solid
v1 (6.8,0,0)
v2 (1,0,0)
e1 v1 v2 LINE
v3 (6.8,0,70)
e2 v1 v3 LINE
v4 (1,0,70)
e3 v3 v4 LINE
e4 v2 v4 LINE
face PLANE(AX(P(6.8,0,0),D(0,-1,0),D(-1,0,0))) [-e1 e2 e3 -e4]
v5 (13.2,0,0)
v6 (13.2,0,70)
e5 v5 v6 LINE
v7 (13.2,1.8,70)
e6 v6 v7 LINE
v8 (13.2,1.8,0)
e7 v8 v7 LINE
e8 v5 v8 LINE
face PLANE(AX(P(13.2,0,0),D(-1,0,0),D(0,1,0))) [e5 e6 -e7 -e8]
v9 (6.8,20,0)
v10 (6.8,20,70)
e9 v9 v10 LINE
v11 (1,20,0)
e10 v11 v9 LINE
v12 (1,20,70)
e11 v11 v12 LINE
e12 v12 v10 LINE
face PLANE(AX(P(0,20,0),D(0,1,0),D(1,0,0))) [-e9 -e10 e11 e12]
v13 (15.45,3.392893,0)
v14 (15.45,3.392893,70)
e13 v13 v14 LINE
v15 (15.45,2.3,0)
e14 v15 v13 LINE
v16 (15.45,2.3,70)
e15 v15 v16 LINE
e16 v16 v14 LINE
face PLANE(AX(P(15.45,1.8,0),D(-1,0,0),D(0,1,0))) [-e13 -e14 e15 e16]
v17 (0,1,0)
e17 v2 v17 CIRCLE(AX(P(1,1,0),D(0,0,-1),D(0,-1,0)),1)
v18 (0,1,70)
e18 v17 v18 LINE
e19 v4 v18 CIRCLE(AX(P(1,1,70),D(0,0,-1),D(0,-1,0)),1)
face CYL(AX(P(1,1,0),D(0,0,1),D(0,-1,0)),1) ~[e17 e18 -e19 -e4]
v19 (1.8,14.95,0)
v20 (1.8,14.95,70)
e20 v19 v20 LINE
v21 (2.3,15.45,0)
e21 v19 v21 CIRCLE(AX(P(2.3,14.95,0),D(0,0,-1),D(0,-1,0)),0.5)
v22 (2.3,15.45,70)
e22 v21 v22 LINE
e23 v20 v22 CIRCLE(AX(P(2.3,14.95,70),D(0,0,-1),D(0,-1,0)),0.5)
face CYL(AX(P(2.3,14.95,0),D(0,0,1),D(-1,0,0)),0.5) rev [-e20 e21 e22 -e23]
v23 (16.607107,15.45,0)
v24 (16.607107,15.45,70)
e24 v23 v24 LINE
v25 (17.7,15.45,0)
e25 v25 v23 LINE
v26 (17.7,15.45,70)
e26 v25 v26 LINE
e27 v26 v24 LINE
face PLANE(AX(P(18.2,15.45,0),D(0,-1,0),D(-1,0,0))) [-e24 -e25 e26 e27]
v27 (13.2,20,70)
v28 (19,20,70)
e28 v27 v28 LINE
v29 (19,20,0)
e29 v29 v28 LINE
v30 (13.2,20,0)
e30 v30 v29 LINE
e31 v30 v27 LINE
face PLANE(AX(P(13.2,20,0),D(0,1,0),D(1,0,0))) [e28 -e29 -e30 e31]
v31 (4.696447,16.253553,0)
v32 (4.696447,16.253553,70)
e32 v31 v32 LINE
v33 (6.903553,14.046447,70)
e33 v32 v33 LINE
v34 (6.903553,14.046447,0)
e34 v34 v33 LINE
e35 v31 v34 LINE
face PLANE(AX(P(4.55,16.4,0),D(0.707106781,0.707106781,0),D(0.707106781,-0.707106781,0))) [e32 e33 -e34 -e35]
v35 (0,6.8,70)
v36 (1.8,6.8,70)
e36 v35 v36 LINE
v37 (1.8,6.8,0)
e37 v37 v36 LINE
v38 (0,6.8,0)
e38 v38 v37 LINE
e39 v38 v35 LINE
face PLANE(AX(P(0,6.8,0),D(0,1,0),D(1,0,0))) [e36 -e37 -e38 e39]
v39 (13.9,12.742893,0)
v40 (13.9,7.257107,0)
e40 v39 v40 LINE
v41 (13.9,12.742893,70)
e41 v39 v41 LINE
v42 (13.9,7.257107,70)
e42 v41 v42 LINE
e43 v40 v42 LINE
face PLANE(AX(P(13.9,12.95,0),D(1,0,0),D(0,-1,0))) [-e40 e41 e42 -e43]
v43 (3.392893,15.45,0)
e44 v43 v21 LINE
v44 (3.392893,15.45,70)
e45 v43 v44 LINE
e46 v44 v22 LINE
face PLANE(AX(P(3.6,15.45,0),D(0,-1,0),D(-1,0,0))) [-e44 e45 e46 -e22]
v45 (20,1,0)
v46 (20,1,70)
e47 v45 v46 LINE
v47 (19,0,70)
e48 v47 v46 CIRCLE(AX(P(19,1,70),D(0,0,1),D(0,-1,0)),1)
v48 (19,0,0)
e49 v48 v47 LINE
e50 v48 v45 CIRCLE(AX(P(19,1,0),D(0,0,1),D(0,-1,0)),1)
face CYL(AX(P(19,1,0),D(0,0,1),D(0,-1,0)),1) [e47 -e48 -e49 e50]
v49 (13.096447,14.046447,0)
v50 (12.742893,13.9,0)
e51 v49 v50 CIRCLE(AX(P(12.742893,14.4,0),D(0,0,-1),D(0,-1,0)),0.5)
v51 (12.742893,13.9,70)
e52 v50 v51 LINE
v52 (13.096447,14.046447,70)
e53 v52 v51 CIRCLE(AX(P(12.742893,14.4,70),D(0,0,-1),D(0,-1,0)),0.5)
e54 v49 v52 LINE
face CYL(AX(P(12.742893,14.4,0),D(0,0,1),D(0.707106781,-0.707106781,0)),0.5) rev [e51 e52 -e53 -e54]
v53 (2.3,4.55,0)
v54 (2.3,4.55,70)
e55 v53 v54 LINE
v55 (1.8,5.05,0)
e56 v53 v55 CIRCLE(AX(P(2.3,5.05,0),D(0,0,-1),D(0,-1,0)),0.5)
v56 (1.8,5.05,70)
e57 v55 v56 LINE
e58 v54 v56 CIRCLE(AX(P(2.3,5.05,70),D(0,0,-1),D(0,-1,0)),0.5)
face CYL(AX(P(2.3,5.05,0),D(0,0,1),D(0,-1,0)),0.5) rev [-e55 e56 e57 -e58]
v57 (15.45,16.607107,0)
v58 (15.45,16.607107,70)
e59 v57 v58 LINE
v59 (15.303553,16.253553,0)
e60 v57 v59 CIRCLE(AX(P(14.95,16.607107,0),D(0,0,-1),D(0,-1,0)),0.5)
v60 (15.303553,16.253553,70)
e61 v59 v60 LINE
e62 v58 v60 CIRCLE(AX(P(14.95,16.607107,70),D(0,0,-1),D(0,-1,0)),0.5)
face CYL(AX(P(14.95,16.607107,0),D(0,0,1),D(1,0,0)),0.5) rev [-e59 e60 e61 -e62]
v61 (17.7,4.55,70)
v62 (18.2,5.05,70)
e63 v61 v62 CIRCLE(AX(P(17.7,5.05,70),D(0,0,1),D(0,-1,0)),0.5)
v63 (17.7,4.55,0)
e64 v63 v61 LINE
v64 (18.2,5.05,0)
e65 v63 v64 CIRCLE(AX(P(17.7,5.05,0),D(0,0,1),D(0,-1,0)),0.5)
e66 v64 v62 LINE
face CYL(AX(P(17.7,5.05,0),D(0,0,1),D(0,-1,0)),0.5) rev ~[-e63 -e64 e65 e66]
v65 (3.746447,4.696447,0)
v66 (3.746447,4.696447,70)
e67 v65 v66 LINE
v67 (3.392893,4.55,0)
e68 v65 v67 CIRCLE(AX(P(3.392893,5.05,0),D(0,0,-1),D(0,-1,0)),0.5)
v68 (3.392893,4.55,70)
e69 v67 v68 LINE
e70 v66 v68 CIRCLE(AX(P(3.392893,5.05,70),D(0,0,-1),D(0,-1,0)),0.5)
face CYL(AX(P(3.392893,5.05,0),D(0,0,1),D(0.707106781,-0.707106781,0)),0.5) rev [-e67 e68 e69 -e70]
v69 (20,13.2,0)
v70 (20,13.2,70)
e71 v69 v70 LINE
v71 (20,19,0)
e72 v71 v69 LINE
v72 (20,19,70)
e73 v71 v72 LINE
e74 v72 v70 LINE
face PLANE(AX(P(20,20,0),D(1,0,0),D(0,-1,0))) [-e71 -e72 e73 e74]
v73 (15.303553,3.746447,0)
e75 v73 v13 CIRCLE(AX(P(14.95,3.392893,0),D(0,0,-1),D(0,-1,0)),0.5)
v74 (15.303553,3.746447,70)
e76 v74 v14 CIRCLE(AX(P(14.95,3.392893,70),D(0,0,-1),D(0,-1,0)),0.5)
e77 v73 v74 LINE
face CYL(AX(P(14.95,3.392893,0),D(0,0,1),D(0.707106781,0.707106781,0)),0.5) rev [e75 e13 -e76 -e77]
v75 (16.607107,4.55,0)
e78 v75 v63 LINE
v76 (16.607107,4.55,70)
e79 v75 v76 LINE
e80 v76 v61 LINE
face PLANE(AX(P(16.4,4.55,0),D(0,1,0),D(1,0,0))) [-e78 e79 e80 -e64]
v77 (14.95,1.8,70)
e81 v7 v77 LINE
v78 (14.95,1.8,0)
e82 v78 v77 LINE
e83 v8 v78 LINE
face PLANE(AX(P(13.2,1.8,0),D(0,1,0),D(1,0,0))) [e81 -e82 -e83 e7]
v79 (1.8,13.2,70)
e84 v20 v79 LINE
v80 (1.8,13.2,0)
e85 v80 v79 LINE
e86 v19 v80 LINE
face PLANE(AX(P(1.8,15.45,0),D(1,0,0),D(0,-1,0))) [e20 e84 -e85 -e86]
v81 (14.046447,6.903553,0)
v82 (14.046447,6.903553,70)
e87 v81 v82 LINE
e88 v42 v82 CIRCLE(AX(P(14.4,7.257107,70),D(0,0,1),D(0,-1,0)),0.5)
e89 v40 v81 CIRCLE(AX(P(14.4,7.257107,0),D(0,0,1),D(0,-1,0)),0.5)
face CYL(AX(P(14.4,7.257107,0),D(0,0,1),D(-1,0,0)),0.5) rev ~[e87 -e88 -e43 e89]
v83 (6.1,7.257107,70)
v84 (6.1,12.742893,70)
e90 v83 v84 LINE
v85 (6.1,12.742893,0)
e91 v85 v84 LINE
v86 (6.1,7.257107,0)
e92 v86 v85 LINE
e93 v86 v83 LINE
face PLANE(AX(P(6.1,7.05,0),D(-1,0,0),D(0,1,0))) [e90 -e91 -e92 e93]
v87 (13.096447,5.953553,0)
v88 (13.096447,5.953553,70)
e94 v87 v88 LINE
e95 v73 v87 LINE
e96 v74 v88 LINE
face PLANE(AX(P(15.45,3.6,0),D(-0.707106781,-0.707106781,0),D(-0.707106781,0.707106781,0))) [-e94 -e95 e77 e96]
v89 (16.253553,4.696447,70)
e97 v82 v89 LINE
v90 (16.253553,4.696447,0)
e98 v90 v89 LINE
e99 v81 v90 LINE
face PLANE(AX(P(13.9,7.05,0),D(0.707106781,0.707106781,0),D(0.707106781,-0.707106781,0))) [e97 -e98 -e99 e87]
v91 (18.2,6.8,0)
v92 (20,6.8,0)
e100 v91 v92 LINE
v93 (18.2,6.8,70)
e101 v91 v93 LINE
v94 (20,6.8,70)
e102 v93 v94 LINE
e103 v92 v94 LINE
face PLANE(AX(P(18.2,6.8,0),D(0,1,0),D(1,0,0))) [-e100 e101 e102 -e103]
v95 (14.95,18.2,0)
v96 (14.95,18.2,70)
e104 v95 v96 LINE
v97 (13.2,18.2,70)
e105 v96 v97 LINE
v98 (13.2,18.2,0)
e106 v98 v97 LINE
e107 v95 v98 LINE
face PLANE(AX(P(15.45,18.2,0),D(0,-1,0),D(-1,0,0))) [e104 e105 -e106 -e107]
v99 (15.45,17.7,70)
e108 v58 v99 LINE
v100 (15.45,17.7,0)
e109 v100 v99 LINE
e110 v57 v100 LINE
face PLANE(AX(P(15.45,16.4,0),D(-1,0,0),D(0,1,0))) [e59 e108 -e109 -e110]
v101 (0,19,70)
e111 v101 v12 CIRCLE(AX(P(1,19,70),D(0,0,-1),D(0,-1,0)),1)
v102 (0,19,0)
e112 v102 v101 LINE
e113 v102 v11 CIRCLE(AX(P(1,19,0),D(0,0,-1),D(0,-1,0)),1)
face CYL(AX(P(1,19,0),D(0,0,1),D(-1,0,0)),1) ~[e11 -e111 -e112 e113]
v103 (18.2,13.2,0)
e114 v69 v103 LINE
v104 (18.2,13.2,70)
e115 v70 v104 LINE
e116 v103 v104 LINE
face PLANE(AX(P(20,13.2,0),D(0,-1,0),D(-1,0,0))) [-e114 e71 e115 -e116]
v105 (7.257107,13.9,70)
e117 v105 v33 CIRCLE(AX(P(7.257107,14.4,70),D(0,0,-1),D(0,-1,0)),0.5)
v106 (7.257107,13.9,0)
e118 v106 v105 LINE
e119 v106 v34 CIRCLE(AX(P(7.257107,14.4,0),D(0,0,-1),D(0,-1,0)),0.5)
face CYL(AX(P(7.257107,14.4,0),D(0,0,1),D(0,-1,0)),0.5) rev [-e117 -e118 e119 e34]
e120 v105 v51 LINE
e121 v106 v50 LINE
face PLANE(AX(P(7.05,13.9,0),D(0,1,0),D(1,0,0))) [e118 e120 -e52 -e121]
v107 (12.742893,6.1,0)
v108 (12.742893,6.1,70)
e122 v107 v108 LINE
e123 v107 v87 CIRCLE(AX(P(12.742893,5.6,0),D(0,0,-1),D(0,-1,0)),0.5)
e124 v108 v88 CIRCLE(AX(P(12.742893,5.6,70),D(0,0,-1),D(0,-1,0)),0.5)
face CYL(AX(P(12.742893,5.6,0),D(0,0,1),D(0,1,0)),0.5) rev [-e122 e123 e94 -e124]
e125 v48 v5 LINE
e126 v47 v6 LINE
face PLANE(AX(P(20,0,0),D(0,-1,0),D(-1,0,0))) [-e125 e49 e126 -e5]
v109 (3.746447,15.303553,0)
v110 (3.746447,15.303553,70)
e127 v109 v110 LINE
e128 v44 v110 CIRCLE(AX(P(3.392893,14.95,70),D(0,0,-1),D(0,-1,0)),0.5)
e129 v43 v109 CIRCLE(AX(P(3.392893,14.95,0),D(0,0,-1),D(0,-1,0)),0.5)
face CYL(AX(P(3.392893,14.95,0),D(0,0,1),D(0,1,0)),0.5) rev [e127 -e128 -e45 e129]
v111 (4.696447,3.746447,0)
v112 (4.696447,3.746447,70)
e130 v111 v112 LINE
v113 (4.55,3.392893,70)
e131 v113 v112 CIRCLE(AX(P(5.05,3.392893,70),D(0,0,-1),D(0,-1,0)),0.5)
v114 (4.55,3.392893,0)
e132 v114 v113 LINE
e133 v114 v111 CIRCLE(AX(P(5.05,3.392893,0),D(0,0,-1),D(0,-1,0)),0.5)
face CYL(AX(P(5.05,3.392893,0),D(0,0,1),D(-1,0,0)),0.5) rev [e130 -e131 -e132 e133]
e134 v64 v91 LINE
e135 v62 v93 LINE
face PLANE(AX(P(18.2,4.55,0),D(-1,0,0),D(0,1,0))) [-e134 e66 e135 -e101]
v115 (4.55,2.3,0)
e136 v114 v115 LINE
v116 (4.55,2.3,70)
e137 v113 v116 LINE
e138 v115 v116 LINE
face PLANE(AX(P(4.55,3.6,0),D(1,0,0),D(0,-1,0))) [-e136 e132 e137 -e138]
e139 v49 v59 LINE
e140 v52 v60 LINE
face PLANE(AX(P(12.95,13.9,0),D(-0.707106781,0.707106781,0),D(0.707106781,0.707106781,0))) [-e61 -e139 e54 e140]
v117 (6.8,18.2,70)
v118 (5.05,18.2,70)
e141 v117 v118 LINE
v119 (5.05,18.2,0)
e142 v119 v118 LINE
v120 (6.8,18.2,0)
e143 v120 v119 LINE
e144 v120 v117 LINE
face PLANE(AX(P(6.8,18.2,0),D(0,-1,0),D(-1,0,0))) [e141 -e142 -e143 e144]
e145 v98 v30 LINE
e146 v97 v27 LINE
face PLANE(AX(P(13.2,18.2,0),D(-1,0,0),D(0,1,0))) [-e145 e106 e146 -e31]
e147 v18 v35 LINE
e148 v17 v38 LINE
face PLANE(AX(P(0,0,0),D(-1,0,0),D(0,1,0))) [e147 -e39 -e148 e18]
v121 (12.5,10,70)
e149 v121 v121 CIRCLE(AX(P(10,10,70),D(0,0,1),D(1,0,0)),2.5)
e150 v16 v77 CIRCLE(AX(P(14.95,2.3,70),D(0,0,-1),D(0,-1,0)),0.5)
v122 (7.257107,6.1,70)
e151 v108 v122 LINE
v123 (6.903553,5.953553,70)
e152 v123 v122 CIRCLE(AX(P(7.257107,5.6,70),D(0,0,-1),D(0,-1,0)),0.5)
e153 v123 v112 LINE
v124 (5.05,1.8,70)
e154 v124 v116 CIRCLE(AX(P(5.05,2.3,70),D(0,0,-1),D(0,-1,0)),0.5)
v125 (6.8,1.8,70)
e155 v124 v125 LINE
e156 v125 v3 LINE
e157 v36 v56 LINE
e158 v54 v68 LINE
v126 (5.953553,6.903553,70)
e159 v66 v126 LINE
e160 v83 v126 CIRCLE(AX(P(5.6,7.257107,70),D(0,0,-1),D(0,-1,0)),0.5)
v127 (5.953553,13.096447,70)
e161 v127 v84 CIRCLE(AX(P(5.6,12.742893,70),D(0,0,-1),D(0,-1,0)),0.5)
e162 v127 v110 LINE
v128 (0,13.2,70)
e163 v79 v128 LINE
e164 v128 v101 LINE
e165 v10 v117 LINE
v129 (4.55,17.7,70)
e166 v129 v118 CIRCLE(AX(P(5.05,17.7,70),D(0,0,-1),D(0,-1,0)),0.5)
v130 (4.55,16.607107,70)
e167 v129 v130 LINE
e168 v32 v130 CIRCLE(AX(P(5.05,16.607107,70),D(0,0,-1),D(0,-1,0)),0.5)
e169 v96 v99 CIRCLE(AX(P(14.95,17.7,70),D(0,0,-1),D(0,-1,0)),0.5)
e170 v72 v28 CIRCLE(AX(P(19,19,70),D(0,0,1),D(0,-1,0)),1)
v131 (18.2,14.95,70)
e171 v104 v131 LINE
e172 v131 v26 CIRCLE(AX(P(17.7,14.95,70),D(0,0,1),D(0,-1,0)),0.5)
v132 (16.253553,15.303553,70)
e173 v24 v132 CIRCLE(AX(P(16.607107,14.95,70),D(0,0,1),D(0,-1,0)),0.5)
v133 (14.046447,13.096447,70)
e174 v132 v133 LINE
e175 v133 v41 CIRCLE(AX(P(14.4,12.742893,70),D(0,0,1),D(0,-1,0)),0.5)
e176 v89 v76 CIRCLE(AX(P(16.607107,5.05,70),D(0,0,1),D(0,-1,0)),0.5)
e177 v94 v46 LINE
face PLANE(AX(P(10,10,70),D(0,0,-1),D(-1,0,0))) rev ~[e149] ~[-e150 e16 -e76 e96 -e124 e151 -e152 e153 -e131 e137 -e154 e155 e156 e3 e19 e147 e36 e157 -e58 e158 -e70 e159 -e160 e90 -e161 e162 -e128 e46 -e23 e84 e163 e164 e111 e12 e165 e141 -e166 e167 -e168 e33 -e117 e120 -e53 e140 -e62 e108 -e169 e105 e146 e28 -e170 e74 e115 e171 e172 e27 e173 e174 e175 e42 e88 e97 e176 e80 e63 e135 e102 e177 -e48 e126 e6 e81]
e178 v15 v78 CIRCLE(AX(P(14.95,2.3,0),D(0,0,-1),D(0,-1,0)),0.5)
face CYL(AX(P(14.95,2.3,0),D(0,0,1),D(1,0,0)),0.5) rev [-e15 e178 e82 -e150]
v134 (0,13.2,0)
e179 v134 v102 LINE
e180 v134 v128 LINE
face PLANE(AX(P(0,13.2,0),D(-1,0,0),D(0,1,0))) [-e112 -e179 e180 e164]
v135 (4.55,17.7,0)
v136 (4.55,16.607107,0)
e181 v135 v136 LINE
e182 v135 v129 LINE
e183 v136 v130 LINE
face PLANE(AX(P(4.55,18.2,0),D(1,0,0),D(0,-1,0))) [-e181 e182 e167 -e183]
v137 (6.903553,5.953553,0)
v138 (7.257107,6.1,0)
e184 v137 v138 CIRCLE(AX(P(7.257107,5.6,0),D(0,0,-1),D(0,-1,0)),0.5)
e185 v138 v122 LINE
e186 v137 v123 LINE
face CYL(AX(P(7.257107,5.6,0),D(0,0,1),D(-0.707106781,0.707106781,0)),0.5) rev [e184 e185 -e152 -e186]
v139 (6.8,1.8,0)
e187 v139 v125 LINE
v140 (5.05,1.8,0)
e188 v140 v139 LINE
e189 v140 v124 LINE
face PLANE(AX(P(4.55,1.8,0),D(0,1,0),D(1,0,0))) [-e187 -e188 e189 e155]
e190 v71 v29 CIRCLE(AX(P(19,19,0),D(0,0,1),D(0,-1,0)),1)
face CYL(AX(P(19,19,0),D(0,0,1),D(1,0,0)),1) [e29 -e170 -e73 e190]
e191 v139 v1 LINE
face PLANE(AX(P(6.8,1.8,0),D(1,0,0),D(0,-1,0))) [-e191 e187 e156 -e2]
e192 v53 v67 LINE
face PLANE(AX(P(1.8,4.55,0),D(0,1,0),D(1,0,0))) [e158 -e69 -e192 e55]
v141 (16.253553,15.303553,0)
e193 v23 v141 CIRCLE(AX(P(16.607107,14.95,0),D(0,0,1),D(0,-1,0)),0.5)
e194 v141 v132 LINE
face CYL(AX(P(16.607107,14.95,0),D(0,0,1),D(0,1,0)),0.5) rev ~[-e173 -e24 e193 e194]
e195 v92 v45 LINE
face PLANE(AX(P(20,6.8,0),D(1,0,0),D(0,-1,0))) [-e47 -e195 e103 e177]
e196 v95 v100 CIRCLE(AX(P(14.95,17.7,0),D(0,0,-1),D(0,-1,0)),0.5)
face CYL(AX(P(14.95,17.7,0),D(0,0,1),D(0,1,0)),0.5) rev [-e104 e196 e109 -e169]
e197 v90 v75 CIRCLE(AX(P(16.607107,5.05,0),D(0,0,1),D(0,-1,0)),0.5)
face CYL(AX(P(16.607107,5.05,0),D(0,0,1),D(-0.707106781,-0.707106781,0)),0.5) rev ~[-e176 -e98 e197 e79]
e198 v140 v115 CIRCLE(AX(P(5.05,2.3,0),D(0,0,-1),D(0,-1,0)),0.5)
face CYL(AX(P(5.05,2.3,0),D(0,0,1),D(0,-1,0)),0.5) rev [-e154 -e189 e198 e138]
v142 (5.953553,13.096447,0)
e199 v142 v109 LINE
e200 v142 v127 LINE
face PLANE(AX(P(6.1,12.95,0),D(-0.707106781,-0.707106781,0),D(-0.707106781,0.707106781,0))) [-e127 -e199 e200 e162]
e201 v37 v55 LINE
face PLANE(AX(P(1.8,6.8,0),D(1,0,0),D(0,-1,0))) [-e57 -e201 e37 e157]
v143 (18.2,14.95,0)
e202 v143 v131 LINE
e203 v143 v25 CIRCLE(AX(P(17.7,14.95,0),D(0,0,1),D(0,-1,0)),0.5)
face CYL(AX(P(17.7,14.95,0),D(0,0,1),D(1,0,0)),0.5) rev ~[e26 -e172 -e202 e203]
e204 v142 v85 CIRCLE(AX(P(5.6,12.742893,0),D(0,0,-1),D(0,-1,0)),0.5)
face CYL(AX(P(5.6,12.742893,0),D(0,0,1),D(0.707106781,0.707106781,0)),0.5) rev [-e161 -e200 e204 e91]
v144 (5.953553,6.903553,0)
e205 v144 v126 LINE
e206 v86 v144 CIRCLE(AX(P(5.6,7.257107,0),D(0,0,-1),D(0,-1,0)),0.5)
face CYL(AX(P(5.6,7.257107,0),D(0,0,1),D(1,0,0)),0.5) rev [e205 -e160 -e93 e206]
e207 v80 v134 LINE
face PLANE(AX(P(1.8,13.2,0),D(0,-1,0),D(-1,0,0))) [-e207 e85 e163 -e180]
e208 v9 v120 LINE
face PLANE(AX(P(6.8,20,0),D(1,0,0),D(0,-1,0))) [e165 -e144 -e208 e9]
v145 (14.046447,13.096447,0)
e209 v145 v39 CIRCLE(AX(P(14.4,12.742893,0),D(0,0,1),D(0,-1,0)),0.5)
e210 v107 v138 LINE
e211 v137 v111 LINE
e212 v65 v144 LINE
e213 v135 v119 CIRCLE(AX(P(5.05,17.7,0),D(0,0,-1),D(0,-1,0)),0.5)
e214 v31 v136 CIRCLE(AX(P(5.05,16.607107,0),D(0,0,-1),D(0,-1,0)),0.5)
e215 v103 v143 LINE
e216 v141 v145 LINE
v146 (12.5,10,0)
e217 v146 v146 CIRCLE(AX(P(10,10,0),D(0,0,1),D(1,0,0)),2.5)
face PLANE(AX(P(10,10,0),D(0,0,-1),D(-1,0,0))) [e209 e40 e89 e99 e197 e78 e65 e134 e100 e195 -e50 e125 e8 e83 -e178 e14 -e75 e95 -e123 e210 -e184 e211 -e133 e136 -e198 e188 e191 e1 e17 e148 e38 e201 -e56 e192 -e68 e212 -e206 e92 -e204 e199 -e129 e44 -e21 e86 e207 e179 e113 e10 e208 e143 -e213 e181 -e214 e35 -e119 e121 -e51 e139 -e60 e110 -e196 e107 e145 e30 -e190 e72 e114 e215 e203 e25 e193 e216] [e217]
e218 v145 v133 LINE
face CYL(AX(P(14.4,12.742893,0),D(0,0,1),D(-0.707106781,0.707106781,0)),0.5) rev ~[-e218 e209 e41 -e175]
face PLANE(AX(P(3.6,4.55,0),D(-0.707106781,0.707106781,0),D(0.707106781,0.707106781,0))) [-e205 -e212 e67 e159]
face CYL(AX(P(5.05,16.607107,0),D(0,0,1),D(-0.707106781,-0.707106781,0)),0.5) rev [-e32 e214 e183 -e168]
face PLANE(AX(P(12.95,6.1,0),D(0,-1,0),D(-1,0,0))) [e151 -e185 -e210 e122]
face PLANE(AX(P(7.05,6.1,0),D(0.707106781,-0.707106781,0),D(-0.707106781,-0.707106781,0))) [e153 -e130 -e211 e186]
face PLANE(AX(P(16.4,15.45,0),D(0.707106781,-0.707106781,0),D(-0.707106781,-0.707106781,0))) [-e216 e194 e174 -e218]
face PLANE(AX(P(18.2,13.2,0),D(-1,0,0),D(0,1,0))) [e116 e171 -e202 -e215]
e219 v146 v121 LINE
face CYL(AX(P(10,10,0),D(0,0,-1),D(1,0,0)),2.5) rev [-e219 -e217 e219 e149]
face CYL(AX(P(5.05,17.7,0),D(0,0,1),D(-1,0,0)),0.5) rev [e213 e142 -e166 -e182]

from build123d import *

# Parameters (mm, degrees)
SKETCH1_R           = 2.5
BOSS_EXTRUDE1_DEPTH = 70
FILLET1_R           = 1
FILLET2_R           = 0.5
FILLET3_R           = 0.5
FILLET4_R           = 0.5
FILLET5_R           = 0.5


with BuildPart() as part:
    # Sketch1 → Boss-Extrude1 (new body)
    with BuildSketch(Plane.XY):
        Polygon((13.2, 0), (13.2, 1.8), (15.45, 1.8), (15.45, 3.6), (12.95, 6.1), (7.05, 6.1), (4.55, 3.6), (4.55, 1.8), (6.8, 1.8), (6.8, 0), (0, 0), (0, 6.8), (1.8, 6.8), (1.8, 4.55), (3.6, 4.55), (6.1, 7.05), (6.1, 12.95), (3.6, 15.45), (1.8, 15.45), (1.8, 13.2), (0, 13.2), (0, 20), (6.8, 20), (6.8, 18.2), (4.55, 18.2), (4.55, 16.4), (7.05, 13.9), (12.95, 13.9), (15.45, 16.4), (15.45, 18.2), (13.2, 18.2), (13.2, 20), (20, 20), (20, 13.2), (18.2, 13.2), (18.2, 15.45), (16.4, 15.45), (13.9, 12.95), (13.9, 7.05), (16.4, 4.55), (18.2, 4.55), (18.2, 6.8), (20, 6.8), (20, 0), align=None)
        with Locations((10, 10)):
            Circle(SKETCH1_R, mode=Mode.SUBTRACT)
    extrude(amount=BOSS_EXTRUDE1_DEPTH)

    # Fillet1
    fillet1_edges = [part.edges().sort_by_distance(p)[0] for p in [
        (0, 0, 35),
        (0, 20, 35),
        (20, 20, 35),
        (20, 0, 35),
    ]]
    fillet(fillet1_edges, radius=FILLET1_R)

    # Fillet2
    fillet2_edges = [part.edges().sort_by_distance(p)[0] for p in [
        (4.55, 18.2, 35),
        (4.55, 16.4, 35),
        (7.05, 13.9, 35),
        (12.95, 13.9, 35),
        (15.45, 16.4, 35),
        (15.45, 18.2, 35),
    ]]
    fillet(fillet2_edges, radius=FILLET2_R)

    # Fillet3
    fillet3_edges = [part.edges().sort_by_distance(p)[0] for p in [
        (18.2, 15.45, 35),
        (16.4, 15.45, 35),
        (13.9, 12.95, 35),
        (13.9, 7.05, 35),
        (16.4, 4.55, 35),
        (18.2, 4.55, 35),
    ]]
    fillet(fillet3_edges, radius=FILLET3_R)

    # Fillet4
    fillet4_edges = [part.edges().sort_by_distance(p)[0] for p in [
        (1.8, 4.55, 35),
        (3.6, 4.55, 35),
        (6.1, 7.05, 35),
        (6.1, 12.95, 35),
        (3.6, 15.45, 35),
        (1.8, 15.45, 35),
    ]]
    fillet(fillet4_edges, radius=FILLET4_R)

    # Fillet5
    fillet5_edges = [part.edges().sort_by_distance(p)[0] for p in [
        (15.45, 1.8, 35),
        (15.45, 3.6, 35),
        (12.95, 6.1, 35),
        (7.05, 6.1, 35),
        (4.55, 3.6, 35),
        (4.55, 1.8, 35),
    ]]
    fillet(fillet5_edges, radius=FILLET5_R)


solid = part.part
